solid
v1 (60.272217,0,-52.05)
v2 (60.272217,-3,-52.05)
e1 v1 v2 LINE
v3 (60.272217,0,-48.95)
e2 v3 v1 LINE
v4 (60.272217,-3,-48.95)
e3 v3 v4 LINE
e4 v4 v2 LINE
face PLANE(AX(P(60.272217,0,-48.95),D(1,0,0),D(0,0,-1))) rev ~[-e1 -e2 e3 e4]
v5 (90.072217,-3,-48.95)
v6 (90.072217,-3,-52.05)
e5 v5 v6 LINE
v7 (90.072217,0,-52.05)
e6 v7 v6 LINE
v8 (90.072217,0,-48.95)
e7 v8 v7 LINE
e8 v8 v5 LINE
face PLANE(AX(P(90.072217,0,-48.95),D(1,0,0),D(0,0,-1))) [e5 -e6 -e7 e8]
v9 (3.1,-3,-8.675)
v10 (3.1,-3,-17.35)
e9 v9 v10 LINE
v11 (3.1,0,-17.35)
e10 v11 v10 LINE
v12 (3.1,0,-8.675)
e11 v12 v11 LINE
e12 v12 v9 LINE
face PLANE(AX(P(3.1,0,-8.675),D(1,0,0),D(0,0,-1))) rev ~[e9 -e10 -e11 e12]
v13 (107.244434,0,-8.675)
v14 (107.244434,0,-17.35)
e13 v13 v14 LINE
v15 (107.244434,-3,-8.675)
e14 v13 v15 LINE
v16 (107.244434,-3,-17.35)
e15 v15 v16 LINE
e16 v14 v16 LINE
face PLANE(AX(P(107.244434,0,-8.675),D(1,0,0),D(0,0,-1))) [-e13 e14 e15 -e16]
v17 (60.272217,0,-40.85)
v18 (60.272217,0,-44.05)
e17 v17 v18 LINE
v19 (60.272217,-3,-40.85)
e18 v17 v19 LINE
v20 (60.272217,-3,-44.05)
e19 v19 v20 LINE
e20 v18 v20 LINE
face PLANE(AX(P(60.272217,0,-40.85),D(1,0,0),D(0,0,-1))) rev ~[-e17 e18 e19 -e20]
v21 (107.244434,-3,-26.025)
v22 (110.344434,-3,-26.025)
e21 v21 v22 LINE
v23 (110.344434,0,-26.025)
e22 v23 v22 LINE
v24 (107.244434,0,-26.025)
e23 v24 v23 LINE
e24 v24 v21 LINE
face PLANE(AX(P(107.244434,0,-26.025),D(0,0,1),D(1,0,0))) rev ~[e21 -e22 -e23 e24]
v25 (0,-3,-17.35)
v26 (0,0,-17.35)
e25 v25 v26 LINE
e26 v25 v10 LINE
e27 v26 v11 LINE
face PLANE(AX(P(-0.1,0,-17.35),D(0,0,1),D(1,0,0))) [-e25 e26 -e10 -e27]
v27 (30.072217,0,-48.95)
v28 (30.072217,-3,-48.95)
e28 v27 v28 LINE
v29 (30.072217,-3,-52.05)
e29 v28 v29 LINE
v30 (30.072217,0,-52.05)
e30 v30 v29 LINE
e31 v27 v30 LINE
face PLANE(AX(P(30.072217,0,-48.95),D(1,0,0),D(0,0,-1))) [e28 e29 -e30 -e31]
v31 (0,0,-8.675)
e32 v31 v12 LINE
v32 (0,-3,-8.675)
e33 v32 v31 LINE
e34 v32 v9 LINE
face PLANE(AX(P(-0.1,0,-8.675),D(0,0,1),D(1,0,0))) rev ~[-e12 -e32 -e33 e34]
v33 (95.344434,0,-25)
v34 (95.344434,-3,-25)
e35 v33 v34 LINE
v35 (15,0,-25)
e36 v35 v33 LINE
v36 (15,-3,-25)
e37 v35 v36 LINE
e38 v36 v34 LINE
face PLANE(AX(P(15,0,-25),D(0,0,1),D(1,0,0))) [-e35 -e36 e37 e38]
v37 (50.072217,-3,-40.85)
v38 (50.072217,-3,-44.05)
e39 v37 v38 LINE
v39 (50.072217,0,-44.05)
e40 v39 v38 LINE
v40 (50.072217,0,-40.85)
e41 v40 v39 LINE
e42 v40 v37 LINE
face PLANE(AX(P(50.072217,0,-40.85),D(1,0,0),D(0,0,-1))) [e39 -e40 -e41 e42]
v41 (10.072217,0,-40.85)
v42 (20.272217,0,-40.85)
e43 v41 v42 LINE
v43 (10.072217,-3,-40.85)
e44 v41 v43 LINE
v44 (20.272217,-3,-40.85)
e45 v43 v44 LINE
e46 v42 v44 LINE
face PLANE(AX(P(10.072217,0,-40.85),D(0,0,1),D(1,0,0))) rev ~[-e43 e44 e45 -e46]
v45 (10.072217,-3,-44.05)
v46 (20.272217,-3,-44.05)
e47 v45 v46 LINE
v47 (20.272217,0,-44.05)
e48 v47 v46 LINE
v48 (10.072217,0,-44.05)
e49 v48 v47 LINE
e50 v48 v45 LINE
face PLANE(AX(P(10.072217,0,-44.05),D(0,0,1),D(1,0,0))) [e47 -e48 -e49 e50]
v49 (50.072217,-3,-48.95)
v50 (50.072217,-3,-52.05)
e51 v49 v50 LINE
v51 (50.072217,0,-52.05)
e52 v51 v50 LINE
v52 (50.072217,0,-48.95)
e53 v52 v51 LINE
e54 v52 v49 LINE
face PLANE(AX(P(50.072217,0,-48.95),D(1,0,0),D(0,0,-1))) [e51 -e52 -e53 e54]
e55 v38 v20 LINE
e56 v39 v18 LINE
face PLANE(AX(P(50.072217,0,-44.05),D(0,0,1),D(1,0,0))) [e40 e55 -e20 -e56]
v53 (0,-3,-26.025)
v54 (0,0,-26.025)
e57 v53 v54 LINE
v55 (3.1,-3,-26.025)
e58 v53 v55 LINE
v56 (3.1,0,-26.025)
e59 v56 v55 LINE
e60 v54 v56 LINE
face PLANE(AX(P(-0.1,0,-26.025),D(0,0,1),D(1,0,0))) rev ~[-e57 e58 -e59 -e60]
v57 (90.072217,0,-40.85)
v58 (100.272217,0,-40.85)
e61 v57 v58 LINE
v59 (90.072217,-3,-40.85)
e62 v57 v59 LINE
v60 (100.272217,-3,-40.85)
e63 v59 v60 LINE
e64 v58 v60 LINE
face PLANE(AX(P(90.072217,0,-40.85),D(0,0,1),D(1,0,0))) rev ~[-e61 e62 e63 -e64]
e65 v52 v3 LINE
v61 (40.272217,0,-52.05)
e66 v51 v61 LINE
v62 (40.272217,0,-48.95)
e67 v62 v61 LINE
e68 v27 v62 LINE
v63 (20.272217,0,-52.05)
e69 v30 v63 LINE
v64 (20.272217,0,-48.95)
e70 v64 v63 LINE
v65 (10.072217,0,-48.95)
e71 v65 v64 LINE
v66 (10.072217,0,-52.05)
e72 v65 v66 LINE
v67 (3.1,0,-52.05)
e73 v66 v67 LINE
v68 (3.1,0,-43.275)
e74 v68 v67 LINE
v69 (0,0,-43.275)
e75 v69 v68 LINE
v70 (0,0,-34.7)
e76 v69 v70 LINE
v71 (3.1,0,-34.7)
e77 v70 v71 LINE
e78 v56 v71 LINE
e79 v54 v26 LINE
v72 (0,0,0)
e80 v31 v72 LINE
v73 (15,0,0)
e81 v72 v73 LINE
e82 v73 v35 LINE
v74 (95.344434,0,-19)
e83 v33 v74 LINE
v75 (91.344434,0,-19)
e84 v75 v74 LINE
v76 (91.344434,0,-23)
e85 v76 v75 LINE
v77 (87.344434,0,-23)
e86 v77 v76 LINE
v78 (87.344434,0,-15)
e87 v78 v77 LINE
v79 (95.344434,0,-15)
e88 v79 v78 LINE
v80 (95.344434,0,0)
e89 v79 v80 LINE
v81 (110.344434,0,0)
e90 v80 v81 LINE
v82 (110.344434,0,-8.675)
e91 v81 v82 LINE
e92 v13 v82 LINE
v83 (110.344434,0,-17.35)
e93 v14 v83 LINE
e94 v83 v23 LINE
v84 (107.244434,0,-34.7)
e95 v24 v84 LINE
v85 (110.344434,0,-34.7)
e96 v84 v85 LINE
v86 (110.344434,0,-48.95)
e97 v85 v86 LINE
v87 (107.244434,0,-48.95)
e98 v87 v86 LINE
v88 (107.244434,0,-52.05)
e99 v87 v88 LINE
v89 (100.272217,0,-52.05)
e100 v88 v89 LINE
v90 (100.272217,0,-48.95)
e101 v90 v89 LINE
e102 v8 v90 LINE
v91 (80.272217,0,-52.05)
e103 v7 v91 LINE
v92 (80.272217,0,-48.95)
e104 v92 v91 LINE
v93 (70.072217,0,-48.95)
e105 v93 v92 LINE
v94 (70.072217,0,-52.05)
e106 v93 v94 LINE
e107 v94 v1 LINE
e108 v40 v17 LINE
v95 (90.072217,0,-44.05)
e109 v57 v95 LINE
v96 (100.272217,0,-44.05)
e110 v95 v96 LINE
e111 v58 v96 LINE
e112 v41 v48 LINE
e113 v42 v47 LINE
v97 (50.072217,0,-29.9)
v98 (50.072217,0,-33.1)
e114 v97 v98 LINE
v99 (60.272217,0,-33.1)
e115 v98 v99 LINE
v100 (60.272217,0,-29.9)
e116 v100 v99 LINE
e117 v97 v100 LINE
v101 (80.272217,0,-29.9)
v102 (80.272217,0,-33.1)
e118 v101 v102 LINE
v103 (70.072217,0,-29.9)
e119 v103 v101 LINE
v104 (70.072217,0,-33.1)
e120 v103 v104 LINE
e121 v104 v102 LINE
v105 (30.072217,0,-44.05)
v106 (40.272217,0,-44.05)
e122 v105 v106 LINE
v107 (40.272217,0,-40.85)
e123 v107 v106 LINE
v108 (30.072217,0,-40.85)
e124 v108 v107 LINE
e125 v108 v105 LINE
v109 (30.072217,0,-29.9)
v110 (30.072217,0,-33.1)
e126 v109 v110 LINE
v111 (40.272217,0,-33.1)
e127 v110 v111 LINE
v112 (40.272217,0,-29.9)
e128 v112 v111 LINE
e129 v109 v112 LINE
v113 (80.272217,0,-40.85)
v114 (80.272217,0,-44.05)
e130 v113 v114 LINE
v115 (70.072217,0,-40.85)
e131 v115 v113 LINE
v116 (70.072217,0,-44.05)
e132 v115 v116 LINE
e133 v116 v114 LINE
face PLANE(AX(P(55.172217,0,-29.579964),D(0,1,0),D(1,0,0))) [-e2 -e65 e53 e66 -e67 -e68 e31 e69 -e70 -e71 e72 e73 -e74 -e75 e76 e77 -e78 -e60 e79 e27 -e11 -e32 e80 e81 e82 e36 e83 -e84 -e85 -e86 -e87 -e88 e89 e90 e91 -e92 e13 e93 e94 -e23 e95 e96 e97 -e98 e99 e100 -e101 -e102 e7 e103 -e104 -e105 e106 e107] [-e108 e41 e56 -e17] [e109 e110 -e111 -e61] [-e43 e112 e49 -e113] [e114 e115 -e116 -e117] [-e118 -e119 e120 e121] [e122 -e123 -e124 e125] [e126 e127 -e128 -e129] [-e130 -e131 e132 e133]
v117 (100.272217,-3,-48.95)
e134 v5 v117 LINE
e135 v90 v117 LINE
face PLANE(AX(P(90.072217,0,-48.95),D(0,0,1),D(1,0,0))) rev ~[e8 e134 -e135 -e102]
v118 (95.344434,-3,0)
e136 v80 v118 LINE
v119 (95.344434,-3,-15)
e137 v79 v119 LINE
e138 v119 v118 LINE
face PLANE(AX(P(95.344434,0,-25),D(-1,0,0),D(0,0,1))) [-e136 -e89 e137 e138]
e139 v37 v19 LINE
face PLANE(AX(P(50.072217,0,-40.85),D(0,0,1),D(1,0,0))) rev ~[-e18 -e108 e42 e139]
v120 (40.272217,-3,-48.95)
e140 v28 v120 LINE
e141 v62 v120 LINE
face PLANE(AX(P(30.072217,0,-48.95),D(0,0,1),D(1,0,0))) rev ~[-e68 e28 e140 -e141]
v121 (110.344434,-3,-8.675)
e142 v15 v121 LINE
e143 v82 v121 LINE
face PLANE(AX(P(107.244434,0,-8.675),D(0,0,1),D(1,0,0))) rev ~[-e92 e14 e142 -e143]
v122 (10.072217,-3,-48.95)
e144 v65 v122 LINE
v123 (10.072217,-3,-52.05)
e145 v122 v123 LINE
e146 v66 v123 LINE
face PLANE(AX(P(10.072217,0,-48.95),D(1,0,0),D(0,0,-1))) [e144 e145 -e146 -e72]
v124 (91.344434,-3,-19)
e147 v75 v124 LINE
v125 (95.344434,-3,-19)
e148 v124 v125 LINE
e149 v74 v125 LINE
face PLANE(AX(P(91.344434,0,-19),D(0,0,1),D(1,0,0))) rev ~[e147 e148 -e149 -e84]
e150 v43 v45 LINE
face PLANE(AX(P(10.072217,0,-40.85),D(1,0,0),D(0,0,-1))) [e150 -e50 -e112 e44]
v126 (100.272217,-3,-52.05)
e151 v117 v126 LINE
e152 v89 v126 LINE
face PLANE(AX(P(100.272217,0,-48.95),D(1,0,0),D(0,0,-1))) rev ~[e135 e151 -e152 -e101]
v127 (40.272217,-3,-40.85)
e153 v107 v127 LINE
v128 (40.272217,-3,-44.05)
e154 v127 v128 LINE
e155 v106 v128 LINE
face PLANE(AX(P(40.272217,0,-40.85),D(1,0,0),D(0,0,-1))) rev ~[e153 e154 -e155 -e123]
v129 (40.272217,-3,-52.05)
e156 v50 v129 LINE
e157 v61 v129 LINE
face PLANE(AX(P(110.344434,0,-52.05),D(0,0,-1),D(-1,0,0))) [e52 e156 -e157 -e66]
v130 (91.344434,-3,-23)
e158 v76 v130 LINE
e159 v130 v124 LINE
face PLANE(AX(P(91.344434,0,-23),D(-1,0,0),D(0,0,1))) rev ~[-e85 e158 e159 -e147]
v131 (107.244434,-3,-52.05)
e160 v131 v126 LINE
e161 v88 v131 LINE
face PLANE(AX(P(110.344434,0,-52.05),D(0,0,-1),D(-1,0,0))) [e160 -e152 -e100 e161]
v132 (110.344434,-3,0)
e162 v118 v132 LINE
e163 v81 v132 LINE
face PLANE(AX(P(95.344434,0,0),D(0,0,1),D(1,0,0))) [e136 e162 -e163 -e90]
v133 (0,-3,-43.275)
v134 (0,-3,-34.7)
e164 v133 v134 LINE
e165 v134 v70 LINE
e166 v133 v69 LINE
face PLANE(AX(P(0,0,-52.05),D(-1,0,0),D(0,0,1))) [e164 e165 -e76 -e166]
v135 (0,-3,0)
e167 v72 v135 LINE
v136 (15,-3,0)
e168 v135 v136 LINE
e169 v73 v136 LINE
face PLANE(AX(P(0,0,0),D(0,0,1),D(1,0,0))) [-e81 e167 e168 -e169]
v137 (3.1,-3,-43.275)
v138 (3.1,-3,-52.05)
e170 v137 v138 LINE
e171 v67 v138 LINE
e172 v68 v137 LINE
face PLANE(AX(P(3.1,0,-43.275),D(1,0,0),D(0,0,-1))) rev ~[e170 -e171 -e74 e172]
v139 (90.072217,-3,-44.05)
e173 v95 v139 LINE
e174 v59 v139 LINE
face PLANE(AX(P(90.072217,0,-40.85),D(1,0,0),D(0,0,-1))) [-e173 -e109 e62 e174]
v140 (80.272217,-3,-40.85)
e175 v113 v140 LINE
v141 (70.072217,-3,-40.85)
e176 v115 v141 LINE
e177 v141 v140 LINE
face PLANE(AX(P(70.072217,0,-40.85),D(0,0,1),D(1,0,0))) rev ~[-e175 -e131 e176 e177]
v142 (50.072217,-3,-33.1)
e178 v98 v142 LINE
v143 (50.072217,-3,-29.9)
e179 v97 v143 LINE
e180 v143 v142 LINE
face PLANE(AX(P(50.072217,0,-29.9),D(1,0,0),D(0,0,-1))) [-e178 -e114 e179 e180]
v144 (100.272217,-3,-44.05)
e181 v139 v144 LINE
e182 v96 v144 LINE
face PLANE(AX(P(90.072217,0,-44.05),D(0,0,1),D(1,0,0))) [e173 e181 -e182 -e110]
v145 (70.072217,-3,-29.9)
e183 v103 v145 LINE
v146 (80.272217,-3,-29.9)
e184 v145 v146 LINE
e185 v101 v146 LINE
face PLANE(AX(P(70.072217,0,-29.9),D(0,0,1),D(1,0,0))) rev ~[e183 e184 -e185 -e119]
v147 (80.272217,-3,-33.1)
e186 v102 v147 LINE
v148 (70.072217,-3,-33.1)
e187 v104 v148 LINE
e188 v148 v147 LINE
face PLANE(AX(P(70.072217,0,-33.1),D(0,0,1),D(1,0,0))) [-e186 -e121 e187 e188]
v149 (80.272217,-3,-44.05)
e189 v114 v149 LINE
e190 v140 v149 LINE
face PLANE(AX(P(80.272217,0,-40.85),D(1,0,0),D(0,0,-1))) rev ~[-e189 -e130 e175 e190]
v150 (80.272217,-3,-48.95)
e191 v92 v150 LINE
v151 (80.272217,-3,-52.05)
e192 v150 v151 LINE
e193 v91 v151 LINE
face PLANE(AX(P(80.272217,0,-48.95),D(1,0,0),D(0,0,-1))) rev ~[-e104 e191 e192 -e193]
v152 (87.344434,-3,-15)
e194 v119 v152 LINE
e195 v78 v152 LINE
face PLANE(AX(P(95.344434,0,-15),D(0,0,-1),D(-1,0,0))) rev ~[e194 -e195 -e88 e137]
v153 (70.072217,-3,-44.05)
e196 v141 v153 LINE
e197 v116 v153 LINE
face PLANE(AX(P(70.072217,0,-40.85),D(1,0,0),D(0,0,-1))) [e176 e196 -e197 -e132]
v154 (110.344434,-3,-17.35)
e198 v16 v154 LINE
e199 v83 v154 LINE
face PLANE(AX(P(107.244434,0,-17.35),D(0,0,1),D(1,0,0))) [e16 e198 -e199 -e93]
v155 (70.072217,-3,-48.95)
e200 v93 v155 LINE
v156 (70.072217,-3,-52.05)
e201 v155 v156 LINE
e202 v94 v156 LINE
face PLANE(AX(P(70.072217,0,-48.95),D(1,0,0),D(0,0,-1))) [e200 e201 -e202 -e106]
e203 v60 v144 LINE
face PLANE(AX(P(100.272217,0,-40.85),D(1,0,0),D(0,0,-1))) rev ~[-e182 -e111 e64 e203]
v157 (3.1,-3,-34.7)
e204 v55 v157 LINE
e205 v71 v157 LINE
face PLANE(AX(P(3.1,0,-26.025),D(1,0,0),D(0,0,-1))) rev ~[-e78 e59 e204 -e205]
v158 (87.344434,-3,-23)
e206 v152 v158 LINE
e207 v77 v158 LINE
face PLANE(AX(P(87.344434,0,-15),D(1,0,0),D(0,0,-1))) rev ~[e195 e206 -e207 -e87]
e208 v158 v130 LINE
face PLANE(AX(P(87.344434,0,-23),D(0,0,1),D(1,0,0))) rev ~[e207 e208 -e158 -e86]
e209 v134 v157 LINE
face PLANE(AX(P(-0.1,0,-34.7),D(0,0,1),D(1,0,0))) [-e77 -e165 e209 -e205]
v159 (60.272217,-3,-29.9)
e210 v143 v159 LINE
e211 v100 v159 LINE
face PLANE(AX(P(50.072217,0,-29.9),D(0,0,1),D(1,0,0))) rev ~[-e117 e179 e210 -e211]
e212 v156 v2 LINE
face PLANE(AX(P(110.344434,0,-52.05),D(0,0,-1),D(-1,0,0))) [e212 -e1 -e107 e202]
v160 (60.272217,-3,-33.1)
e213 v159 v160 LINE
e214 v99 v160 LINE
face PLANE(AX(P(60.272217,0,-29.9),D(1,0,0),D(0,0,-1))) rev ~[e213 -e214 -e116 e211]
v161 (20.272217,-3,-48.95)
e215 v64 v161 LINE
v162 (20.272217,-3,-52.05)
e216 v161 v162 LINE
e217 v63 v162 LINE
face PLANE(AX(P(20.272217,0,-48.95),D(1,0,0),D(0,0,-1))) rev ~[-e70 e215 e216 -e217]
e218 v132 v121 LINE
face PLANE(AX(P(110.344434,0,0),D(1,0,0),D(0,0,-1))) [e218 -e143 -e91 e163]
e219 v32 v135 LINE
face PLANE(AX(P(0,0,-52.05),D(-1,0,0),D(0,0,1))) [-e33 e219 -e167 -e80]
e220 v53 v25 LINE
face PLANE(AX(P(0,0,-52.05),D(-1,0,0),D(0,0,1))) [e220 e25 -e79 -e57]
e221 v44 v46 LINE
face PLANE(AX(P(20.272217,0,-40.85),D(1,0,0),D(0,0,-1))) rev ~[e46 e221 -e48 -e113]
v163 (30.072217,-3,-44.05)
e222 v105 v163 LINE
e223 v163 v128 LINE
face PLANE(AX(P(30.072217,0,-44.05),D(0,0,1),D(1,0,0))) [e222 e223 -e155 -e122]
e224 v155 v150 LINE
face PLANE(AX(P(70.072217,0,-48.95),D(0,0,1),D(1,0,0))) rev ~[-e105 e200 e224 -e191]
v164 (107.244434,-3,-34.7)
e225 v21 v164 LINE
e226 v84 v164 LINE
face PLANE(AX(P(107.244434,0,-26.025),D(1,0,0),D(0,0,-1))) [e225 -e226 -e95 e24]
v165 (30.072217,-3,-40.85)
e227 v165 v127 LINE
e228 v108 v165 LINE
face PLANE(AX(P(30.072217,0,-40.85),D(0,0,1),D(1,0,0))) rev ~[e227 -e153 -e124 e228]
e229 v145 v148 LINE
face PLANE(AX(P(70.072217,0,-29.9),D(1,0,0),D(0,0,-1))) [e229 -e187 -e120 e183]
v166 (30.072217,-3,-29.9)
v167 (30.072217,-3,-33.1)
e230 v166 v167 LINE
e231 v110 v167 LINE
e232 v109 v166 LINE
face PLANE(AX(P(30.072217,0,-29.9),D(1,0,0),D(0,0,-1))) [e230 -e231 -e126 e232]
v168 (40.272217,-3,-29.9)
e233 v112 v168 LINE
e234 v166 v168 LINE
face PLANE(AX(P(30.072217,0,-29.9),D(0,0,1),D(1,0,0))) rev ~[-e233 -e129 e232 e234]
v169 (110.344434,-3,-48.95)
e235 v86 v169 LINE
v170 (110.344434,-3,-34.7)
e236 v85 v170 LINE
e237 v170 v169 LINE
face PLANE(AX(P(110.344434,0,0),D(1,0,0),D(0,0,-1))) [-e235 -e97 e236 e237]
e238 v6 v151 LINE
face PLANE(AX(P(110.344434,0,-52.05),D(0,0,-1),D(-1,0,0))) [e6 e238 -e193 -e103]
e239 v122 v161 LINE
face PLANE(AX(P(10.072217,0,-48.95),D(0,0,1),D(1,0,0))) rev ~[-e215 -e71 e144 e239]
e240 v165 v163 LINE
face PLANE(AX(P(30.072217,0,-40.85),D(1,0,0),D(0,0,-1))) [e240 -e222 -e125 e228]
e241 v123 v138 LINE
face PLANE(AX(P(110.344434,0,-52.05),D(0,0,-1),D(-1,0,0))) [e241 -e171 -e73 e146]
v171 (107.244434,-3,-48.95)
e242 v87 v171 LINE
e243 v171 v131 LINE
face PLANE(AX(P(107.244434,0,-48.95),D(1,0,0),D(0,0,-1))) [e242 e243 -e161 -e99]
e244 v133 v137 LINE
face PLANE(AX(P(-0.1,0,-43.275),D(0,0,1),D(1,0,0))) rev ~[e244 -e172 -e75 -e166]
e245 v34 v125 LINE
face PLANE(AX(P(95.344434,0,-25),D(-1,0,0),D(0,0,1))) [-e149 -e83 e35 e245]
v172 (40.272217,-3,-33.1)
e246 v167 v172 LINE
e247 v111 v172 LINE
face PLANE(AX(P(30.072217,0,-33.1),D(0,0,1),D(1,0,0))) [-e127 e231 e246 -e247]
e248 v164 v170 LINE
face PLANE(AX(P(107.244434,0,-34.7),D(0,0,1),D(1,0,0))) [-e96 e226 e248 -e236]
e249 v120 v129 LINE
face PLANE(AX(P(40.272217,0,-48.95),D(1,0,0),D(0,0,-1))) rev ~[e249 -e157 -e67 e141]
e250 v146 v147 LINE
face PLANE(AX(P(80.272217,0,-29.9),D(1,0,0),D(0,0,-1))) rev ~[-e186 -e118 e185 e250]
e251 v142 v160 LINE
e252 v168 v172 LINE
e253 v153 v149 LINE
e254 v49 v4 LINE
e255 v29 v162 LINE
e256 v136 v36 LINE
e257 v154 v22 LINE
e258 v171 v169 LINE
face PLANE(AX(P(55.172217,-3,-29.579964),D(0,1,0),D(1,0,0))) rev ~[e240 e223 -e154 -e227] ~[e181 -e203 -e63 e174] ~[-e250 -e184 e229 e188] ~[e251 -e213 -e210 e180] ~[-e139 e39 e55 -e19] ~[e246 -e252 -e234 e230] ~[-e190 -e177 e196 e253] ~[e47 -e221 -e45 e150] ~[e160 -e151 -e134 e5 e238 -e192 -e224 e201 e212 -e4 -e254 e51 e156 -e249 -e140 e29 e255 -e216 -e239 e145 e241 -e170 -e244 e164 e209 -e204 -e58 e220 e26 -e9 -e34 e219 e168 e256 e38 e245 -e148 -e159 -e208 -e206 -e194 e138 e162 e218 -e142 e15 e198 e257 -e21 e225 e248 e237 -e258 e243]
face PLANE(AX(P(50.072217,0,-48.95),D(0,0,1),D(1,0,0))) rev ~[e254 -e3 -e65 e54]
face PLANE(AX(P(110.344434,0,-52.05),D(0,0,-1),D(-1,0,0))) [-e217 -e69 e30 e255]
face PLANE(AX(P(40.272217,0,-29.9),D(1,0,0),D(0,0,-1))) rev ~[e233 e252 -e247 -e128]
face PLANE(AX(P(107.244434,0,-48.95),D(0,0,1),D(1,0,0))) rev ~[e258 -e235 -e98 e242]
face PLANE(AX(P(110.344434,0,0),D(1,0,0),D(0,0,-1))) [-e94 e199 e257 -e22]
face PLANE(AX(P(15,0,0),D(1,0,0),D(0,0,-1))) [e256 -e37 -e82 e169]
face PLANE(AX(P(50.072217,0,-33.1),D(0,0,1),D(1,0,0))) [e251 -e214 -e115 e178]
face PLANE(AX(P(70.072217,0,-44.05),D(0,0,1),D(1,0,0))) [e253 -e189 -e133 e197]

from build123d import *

# Parameters (mm, degrees)
BOSS_EXTRUDE1_DEPTH = 3
SKETCH3_W           = 3.2
SKETCH3_H           = 8.875
SKETCH3_H_2         = 8.675
SKETCH3_H_3         = 3.2
SKETCH3_W_2         = 10.2
CUT_EXTRUDE1_DEPTH  = 4
BOSS_EXTRUDE2_DEPTH = 3


with BuildPart() as part:
    # Sketch1 → Boss-Extrude1 (new body)
    with BuildSketch(Plane(origin=(0, 0, 0), x_dir=(1, 0, 0), z_dir=(0, 1, 0))):
        Polygon((15, 0), (15, 25), (95.344434203, 25), (95.344434203, 0), (110.344434203, 0), (110.344434203, 52.05), (0, 52.05), (0, 0), align=None)
    extrude(amount=-BOSS_EXTRUDE1_DEPTH)

    # Sketch3 → Cut-Extrude1 (cut, through all)
    with BuildSketch(Plane(origin=(0, 0, 0), x_dir=(1, 0, 0), z_dir=(0, 1, 0))):
        with Locations((1.5, 47.7125)):
            Rectangle(SKETCH3_W, SKETCH3_H)
        with Locations((1.5, 30.3625)):
            Rectangle(SKETCH3_W, SKETCH3_H_2)
        with Locations((1.5, 13.0125)):
            Rectangle(SKETCH3_W, SKETCH3_H_2)
        with Locations((108.844434203, 50.55)):
            Rectangle(SKETCH3_W, SKETCH3_H_3)
        with Locations((55.172217102, 50.55)):
            Rectangle(SKETCH3_W_2, SKETCH3_H_3)
        with Locations((55.172217102, 42.45)):
            Rectangle(SKETCH3_W_2, SKETCH3_H_3)
        with Locations((55.172217102, 31.5)):
            Rectangle(SKETCH3_W_2, SKETCH3_H_3)
        with Locations((35.172217102, 50.55)):
            Rectangle(SKETCH3_W_2, SKETCH3_H_3)
        with Locations((35.172217102, 42.45)):
            Rectangle(SKETCH3_W_2, SKETCH3_H_3)
        with Locations((35.172217102, 31.5)):
            Rectangle(SKETCH3_W_2, SKETCH3_H_3)
        with Locations((15.172217102, 50.55)):
            Rectangle(SKETCH3_W_2, SKETCH3_H_3)
        with Locations((15.172217102, 42.45)):
            Rectangle(SKETCH3_W_2, SKETCH3_H_3)
        with Locations((108.844434203, 13.0125)):
            Rectangle(SKETCH3_W, SKETCH3_H_2)
        with Locations((108.844434203, 30.3625)):
            Rectangle(SKETCH3_W, SKETCH3_H_2)
        with Locations((95.172217102, 50.55)):
            Rectangle(SKETCH3_W_2, SKETCH3_H_3)
        with Locations((95.172217102, 42.45)):
            Rectangle(SKETCH3_W_2, SKETCH3_H_3)
        with Locations((75.172217102, 31.5)):
            Rectangle(SKETCH3_W_2, SKETCH3_H_3)
        with Locations((75.172217102, 42.45)):
            Rectangle(SKETCH3_W_2, SKETCH3_H_3)
        with Locations((75.172217102, 50.55)):
            Rectangle(SKETCH3_W_2, SKETCH3_H_3)
    extrude(amount=-CUT_EXTRUDE1_DEPTH, mode=Mode.SUBTRACT)

    # Sketch4 → Boss-Extrude2 (add)
    with BuildSketch(Plane(origin=(0, 0, 0), x_dir=(1, 0, 0), z_dir=(0, 1, 0))):
        Polygon((95.344434203, 15), (87.344434203, 15), (87.344434203, 23), (91.344434203, 23), (91.344434203, 19), (95.344434203, 19), align=None)
    extrude(amount=-BOSS_EXTRUDE2_DEPTH)


solid = part.part
